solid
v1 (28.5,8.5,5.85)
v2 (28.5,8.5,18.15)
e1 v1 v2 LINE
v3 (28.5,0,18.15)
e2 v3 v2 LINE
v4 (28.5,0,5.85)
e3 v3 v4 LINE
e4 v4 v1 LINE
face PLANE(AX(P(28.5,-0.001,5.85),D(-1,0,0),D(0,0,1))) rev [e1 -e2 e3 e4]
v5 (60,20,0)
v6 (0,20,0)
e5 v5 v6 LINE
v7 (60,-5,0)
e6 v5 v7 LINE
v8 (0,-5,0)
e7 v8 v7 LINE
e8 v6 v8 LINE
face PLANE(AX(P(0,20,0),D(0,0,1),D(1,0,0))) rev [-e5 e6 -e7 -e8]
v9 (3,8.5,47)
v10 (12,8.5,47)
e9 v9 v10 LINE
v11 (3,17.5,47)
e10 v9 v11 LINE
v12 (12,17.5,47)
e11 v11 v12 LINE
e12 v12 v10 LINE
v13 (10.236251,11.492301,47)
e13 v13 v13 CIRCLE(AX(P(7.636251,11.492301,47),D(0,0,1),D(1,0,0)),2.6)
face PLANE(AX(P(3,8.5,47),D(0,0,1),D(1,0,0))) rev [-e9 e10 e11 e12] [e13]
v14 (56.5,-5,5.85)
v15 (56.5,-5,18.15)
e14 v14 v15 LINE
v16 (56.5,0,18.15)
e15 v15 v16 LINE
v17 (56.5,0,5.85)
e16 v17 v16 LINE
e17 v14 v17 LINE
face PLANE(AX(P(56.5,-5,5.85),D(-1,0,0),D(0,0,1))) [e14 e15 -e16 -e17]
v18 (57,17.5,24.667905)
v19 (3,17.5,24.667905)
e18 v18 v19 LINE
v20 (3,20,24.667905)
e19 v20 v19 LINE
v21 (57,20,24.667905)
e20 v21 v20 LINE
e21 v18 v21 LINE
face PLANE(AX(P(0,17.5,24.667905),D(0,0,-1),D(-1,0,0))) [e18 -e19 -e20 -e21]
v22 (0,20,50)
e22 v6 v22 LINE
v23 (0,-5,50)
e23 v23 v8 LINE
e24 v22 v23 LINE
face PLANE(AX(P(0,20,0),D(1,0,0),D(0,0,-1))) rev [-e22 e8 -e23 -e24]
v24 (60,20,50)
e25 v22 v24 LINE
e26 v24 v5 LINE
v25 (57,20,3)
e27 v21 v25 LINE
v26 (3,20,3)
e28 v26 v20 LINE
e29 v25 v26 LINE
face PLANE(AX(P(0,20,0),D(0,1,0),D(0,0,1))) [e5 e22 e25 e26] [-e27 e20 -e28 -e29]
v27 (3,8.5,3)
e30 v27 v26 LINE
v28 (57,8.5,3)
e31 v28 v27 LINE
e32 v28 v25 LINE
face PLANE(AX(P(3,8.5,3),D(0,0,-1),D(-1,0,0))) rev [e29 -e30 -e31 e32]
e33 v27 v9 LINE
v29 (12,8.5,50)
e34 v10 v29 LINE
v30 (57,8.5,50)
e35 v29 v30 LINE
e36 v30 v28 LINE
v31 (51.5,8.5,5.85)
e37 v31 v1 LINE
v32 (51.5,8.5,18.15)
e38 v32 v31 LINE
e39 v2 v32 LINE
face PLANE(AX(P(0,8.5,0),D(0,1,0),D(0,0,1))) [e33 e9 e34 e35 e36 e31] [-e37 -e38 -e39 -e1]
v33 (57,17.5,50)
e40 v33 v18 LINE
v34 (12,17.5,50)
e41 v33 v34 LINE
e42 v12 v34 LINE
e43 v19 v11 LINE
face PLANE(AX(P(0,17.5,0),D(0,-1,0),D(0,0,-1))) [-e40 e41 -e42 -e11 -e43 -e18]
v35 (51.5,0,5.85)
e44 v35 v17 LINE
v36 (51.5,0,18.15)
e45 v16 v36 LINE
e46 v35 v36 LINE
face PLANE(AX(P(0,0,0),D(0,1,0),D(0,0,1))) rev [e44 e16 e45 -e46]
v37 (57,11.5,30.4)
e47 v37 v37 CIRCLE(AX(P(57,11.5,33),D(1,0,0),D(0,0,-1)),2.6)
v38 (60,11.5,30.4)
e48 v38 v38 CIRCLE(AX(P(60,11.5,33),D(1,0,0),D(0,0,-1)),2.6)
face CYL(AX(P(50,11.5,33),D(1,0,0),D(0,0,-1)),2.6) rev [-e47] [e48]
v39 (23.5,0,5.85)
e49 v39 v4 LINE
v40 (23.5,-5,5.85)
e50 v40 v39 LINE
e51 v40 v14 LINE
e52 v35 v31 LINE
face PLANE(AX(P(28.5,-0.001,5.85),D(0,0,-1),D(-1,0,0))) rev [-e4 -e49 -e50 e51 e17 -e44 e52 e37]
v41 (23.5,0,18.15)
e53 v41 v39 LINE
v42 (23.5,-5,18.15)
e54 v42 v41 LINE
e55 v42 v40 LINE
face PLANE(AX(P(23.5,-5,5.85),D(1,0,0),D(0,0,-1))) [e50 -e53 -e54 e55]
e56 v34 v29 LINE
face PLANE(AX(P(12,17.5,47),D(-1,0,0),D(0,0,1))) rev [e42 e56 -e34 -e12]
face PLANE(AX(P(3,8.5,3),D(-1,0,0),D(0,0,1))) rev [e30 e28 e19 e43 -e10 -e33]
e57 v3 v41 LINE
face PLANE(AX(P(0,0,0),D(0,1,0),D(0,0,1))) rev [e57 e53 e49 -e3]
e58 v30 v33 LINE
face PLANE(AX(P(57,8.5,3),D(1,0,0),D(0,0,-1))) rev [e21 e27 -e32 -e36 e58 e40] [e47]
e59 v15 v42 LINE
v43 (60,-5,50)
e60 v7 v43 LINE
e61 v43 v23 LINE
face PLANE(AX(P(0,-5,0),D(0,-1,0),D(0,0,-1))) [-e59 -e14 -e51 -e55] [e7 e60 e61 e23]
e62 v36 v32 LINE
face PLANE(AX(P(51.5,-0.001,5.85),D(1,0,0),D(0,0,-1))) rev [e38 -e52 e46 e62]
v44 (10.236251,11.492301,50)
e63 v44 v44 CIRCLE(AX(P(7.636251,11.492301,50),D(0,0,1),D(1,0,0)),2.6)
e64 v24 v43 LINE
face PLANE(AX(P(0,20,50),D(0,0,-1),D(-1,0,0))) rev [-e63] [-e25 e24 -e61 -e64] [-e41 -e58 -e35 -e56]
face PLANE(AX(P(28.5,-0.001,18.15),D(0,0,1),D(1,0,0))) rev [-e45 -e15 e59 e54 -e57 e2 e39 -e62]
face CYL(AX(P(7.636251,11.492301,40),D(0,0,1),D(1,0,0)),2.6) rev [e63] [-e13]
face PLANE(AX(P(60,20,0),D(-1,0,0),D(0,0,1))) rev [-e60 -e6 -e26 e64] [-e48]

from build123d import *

# Parameters (mm, degrees)
ESQUISSE1_W             = 60
ESQUISSE1_H             = 50
BOSS_EXTRU_1_DEPTH      = 20
ESQUISSE2_W             = 54
ESQUISSE2_H             = 44
ENL_V_MAT_EXTRU_1_DEPTH = 11.5
ENL_V_MAT_EXTRU_2_REACH = 80.945
ESQUISSE3_W             = 23
ESQUISSE3_H             = 12.3
ESQUISSE4_R             = 2.6
ENL_V_MAT_EXTRU_3_DEPTH = 10
ESQUISSE5_W             = 60
ESQUISSE5_H             = 50
ESQUISSE5_W_2           = 33
ESQUISSE5_H_2           = 12.3
BOSS_EXTRU_2_DEPTH      = 5
ESQUISSE6_R             = 2.6
ENL_V_MAT_EXTRU_4_DEPTH = 10
ESQUISSE8_W             = 60
ESQUISSE8_H             = 25.332095198
BOSS_EXTRU_3_DEPTH      = 2.5
ESQUISSE9_W             = 45
ESQUISSE9_H             = 9
ENL_V_MAT_EXTRU_6_DEPTH = 3


with BuildPart() as part:
    # Esquisse1 → Boss.-Extru.1 (new body)
    with BuildSketch(Plane(origin=(0, 0, 0), x_dir=(1, 0, 0), z_dir=(0, 1, 0))):
        with Locations((30, -25)):
            Rectangle(ESQUISSE1_W, ESQUISSE1_H)
    extrude(amount=BOSS_EXTRU_1_DEPTH)

    # Esquisse2 → Enlèv. mat.-Extru.1 (cut)
    with BuildSketch(Plane(origin=(0, 20, 0), x_dir=(1, 0, 0), z_dir=(0, 1, 0))):
        with Locations((30, -25)):
            Rectangle(ESQUISSE2_W, ESQUISSE2_H)
    extrude(amount=-ENL_V_MAT_EXTRU_1_DEPTH, mode=Mode.SUBTRACT)

    # Esquisse3 → Enlèv. mat.-Extru.2 (cut, up to next)
    with BuildSketch(Plane(origin=(0, 8.5, 0), x_dir=(1, 0, 0), z_dir=(0, 1, 0)), mode=Mode.PRIVATE) as enl_v_mat_extru_2_sk1:
        with Locations((40, -12)):
            Rectangle(ESQUISSE3_W, ESQUISSE3_H)
    enl_v_mat_extru_2_tool1 = extrude(enl_v_mat_extru_2_sk1.sketch, amount=-ENL_V_MAT_EXTRU_2_REACH, mode=Mode.PRIVATE) & part.part
    add(enl_v_mat_extru_2_tool1.solids().sort_by_distance((40, 8.5, 12))[0], mode=Mode.SUBTRACT)

    # Esquisse4 → Enlèv. mat.-Extru.3 (cut)
    with BuildSketch(Plane(origin=(60, 0, 0), x_dir=(0, 0, -1), z_dir=(1, 0, 0))):
        with Locations((-33, 11.5)):
            Circle(ESQUISSE4_R)
    extrude(amount=-ENL_V_MAT_EXTRU_3_DEPTH, mode=Mode.SUBTRACT)

    # Esquisse5 → Boss.-Extru.2 (add)
    with BuildSketch(Plane.XZ):
        with Locations((30, 25)):
            Rectangle(ESQUISSE5_W, ESQUISSE5_H)
        with Locations((40, 12)):
            Rectangle(ESQUISSE5_W_2, ESQUISSE5_H_2, mode=Mode.SUBTRACT)
    extrude(amount=BOSS_EXTRU_2_DEPTH)

    # Esquisse6 → Enlèv. mat.-Extru.4 (cut)
    with BuildSketch(Plane.XY.offset(50)):
        with Locations((7.636251233, 11.492300727)):
            Circle(ESQUISSE6_R)
    extrude(amount=-ENL_V_MAT_EXTRU_4_DEPTH, mode=Mode.SUBTRACT)

    # Esquisse8 → Boss.-Extru.3 (add)
    with BuildSketch(Plane(origin=(0, 20, 0), x_dir=(1, 0, 0), z_dir=(0, 1, 0))):
        with Locations((30, -37.333952401)):
            Rectangle(ESQUISSE8_W, ESQUISSE8_H)
    extrude(amount=-BOSS_EXTRU_3_DEPTH)

    # Esquisse9 → Enlèv. mat.-Extru.6 (cut)
    with BuildSketch(Plane.XY.offset(50)):
        with Locations((34.5, 13)):
            Rectangle(ESQUISSE9_W, ESQUISSE9_H)
    extrude(amount=-ENL_V_MAT_EXTRU_6_DEPTH, mode=Mode.SUBTRACT)


solid = part.part
